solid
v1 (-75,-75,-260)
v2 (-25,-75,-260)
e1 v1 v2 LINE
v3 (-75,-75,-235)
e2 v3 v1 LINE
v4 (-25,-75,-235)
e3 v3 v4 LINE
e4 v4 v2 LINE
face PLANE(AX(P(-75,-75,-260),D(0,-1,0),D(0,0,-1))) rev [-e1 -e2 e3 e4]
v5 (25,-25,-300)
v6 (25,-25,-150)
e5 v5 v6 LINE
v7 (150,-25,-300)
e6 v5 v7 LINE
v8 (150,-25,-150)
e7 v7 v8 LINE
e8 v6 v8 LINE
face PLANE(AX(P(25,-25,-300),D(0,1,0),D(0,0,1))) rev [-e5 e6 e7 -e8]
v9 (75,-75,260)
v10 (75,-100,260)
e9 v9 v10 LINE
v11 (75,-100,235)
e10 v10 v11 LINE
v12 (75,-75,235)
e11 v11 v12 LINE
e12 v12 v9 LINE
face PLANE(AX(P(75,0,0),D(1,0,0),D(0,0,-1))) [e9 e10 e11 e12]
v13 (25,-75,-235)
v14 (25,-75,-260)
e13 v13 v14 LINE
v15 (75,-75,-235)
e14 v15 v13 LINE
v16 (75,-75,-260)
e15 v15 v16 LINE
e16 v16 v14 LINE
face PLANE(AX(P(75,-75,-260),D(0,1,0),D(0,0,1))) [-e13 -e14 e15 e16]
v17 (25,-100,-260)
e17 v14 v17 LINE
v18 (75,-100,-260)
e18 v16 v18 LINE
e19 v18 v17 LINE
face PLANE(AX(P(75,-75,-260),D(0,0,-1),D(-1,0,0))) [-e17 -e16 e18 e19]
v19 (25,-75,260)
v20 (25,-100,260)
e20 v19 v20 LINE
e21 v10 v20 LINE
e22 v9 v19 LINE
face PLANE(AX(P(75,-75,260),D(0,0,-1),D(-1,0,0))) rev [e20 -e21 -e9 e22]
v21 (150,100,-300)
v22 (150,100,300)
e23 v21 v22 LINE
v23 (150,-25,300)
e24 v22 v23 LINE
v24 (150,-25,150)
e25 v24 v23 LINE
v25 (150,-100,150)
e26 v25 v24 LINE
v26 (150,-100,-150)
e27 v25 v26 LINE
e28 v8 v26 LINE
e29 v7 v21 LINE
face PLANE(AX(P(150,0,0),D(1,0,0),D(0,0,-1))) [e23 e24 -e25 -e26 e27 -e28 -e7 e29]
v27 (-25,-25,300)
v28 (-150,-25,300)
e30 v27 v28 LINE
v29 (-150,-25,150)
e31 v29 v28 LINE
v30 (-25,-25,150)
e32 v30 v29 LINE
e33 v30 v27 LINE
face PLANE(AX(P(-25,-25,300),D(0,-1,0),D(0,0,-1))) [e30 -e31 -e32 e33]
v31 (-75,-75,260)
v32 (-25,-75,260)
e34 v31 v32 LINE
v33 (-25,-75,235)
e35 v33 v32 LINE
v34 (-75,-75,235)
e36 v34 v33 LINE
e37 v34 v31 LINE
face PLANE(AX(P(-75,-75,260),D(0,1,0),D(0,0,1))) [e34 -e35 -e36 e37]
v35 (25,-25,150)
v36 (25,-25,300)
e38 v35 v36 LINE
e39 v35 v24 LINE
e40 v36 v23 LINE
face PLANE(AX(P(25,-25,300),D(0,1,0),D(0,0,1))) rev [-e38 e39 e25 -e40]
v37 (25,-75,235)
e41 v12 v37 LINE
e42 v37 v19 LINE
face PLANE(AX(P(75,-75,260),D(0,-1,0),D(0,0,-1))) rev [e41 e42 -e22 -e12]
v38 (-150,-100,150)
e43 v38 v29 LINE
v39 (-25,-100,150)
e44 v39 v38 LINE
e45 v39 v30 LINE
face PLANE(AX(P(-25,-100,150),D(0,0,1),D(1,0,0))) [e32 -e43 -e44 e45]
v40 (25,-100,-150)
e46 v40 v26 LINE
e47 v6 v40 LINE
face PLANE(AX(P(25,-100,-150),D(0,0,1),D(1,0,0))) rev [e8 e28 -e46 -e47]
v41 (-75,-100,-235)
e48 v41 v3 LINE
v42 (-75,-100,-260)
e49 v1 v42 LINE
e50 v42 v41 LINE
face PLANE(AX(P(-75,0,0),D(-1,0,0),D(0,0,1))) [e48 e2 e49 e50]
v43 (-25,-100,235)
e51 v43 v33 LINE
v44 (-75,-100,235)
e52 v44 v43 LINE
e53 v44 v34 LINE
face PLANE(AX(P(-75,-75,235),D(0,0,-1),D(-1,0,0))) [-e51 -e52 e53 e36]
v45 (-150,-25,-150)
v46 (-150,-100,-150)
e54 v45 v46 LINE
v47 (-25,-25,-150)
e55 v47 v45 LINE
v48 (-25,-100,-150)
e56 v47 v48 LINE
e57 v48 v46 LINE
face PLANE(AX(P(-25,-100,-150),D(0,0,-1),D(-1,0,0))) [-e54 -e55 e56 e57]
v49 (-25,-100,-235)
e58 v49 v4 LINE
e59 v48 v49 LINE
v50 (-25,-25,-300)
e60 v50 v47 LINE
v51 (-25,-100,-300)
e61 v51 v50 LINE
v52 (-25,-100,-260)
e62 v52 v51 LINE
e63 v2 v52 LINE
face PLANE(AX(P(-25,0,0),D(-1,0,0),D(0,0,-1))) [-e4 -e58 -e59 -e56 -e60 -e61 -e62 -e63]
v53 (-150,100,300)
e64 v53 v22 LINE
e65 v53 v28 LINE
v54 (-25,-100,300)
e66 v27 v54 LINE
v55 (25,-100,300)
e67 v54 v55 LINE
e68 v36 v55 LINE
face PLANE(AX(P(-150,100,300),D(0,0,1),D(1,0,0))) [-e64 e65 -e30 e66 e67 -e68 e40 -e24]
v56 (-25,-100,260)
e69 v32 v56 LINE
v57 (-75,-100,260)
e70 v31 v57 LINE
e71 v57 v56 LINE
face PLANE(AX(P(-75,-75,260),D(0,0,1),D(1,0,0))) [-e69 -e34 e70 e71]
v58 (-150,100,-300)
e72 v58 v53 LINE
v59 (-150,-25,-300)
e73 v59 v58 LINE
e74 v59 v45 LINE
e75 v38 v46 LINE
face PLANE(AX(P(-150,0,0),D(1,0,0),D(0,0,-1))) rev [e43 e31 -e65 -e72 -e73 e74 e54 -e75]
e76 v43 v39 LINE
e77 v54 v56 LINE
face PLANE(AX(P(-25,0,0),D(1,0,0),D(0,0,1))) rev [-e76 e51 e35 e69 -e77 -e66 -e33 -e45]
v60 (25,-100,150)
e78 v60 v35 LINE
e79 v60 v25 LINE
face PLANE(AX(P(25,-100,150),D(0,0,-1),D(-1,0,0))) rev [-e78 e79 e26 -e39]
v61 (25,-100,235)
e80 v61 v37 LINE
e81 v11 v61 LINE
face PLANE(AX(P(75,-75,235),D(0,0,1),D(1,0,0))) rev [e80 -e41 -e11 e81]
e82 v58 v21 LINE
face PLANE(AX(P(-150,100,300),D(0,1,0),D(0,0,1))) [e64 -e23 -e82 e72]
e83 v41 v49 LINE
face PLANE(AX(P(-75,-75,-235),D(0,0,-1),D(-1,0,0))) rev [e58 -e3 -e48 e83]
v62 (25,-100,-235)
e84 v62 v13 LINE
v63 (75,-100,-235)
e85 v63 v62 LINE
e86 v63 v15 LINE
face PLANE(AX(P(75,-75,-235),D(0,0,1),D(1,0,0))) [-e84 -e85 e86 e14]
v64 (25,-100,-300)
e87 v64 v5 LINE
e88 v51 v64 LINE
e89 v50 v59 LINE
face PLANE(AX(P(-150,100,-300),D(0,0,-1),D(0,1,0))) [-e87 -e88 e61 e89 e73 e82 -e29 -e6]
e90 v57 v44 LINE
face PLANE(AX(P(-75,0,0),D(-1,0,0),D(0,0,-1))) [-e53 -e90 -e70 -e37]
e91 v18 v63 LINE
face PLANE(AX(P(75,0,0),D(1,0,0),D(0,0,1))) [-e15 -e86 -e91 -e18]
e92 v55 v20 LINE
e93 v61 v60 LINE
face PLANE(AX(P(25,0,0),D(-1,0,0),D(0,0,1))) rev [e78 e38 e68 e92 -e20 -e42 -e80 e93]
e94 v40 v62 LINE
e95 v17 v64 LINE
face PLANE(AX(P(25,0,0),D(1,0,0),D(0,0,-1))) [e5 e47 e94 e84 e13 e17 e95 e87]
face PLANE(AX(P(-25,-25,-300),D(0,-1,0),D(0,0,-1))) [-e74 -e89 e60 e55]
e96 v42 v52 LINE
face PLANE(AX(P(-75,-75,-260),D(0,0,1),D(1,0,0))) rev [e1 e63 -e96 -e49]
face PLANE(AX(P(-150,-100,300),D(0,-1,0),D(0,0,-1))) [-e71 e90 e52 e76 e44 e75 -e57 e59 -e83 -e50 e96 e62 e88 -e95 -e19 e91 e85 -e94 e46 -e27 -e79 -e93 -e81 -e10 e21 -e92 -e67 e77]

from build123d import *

# Parameters (mm, degrees)
BOSS_EXTRUDE1_DEPTH      = 150
BOSS_EXTRUDE1_DEPTH_BACK = 150
SKETCH2_W                = 600
SKETCH2_H                = 200
SKETCH3_W                = 150
SKETCH3_H                = 75
CUT_EXTRUDE1_DEPTH       = 125
SKETCH4_W                = 25
SKETCH4_H                = 25
BOSS_EXTRUDE2_DEPTH      = 50
MIRROR3_COPY_1_SKETCH_W  = 25
MIRROR3_COPY_1_SKETCH_H  = 25
MIRROR3_COPY_1_DEPTH     = 50
MIRROR3_COPY_2_SKETCH_W  = 25
MIRROR3_COPY_2_SKETCH_H  = 25
MIRROR3_COPY_2_DEPTH     = 50


with BuildPart() as part:
    # Sketch2 → Boss-Extrude1 (new, two sides: drawn at the far end of the back side and taken through both)
    with BuildSketch(Plane(origin=(0, 0, 0), x_dir=(0, 0, -1), z_dir=(1, 0, 0)).offset(-BOSS_EXTRUDE1_DEPTH_BACK)):
        Rectangle(SKETCH2_W, SKETCH2_H)
    extrude(amount=BOSS_EXTRUDE1_DEPTH + BOSS_EXTRUDE1_DEPTH_BACK)

    # Sketch3 → Cut-Extrude1 (cut)
    with BuildSketch(Plane(origin=(150, 0, 0), x_dir=(0, 0, -1), z_dir=(1, 0, 0))):
        with Locations((-225, -62.5)):
            Rectangle(SKETCH3_W, SKETCH3_H)
        with Locations((225, -62.5)):
            Rectangle(SKETCH3_W, SKETCH3_H)
    cut_extrude1 = extrude(amount=-CUT_EXTRUDE1_DEPTH, mode=Mode.SUBTRACT)

    # Mirror1: Cut-Extrude1 across plane
    add(cut_extrude1.mirror(Plane(origin=(0, 0, 0), x_dir=(0, 0, 1), z_dir=(1, 0, 0))), mode=Mode.SUBTRACT)

    # Sketch4 → Boss-Extrude2 (add)
    with BuildSketch(Plane(origin=(25, 0, 0), x_dir=(0, 0, -1), z_dir=(1, 0, 0))):
        with Locations((-247.5, -87.5)):
            Rectangle(SKETCH4_W, SKETCH4_H)
    boss_extrude2 = extrude(amount=BOSS_EXTRUDE2_DEPTH)

    # Mirror2: Boss-Extrude2 across plane
    add(boss_extrude2.mirror(Plane(origin=(0, 0, 0), x_dir=(0, 0, 1), z_dir=(1, 0, 0))))

    # Mirror3 copy 1 sketch → Mirror3 copy 1 (add)
    with BuildSketch(Plane.ZY.offset(25)):
        with Locations((-247.5, -87.5)):
            Rectangle(MIRROR3_COPY_1_SKETCH_W, MIRROR3_COPY_1_SKETCH_H)
    extrude(amount=MIRROR3_COPY_1_DEPTH)

    # Mirror3 copy 2 sketch → Mirror3 copy 2 (add)
    with BuildSketch(Plane(origin=(25, 0, 0), x_dir=(0, 0, 1), z_dir=(1, 0, 0))):
        with Locations((-247.5, 87.5)):
            Rectangle(MIRROR3_COPY_2_SKETCH_W, MIRROR3_COPY_2_SKETCH_H)
    extrude(amount=MIRROR3_COPY_2_DEPTH)


solid = part.part
